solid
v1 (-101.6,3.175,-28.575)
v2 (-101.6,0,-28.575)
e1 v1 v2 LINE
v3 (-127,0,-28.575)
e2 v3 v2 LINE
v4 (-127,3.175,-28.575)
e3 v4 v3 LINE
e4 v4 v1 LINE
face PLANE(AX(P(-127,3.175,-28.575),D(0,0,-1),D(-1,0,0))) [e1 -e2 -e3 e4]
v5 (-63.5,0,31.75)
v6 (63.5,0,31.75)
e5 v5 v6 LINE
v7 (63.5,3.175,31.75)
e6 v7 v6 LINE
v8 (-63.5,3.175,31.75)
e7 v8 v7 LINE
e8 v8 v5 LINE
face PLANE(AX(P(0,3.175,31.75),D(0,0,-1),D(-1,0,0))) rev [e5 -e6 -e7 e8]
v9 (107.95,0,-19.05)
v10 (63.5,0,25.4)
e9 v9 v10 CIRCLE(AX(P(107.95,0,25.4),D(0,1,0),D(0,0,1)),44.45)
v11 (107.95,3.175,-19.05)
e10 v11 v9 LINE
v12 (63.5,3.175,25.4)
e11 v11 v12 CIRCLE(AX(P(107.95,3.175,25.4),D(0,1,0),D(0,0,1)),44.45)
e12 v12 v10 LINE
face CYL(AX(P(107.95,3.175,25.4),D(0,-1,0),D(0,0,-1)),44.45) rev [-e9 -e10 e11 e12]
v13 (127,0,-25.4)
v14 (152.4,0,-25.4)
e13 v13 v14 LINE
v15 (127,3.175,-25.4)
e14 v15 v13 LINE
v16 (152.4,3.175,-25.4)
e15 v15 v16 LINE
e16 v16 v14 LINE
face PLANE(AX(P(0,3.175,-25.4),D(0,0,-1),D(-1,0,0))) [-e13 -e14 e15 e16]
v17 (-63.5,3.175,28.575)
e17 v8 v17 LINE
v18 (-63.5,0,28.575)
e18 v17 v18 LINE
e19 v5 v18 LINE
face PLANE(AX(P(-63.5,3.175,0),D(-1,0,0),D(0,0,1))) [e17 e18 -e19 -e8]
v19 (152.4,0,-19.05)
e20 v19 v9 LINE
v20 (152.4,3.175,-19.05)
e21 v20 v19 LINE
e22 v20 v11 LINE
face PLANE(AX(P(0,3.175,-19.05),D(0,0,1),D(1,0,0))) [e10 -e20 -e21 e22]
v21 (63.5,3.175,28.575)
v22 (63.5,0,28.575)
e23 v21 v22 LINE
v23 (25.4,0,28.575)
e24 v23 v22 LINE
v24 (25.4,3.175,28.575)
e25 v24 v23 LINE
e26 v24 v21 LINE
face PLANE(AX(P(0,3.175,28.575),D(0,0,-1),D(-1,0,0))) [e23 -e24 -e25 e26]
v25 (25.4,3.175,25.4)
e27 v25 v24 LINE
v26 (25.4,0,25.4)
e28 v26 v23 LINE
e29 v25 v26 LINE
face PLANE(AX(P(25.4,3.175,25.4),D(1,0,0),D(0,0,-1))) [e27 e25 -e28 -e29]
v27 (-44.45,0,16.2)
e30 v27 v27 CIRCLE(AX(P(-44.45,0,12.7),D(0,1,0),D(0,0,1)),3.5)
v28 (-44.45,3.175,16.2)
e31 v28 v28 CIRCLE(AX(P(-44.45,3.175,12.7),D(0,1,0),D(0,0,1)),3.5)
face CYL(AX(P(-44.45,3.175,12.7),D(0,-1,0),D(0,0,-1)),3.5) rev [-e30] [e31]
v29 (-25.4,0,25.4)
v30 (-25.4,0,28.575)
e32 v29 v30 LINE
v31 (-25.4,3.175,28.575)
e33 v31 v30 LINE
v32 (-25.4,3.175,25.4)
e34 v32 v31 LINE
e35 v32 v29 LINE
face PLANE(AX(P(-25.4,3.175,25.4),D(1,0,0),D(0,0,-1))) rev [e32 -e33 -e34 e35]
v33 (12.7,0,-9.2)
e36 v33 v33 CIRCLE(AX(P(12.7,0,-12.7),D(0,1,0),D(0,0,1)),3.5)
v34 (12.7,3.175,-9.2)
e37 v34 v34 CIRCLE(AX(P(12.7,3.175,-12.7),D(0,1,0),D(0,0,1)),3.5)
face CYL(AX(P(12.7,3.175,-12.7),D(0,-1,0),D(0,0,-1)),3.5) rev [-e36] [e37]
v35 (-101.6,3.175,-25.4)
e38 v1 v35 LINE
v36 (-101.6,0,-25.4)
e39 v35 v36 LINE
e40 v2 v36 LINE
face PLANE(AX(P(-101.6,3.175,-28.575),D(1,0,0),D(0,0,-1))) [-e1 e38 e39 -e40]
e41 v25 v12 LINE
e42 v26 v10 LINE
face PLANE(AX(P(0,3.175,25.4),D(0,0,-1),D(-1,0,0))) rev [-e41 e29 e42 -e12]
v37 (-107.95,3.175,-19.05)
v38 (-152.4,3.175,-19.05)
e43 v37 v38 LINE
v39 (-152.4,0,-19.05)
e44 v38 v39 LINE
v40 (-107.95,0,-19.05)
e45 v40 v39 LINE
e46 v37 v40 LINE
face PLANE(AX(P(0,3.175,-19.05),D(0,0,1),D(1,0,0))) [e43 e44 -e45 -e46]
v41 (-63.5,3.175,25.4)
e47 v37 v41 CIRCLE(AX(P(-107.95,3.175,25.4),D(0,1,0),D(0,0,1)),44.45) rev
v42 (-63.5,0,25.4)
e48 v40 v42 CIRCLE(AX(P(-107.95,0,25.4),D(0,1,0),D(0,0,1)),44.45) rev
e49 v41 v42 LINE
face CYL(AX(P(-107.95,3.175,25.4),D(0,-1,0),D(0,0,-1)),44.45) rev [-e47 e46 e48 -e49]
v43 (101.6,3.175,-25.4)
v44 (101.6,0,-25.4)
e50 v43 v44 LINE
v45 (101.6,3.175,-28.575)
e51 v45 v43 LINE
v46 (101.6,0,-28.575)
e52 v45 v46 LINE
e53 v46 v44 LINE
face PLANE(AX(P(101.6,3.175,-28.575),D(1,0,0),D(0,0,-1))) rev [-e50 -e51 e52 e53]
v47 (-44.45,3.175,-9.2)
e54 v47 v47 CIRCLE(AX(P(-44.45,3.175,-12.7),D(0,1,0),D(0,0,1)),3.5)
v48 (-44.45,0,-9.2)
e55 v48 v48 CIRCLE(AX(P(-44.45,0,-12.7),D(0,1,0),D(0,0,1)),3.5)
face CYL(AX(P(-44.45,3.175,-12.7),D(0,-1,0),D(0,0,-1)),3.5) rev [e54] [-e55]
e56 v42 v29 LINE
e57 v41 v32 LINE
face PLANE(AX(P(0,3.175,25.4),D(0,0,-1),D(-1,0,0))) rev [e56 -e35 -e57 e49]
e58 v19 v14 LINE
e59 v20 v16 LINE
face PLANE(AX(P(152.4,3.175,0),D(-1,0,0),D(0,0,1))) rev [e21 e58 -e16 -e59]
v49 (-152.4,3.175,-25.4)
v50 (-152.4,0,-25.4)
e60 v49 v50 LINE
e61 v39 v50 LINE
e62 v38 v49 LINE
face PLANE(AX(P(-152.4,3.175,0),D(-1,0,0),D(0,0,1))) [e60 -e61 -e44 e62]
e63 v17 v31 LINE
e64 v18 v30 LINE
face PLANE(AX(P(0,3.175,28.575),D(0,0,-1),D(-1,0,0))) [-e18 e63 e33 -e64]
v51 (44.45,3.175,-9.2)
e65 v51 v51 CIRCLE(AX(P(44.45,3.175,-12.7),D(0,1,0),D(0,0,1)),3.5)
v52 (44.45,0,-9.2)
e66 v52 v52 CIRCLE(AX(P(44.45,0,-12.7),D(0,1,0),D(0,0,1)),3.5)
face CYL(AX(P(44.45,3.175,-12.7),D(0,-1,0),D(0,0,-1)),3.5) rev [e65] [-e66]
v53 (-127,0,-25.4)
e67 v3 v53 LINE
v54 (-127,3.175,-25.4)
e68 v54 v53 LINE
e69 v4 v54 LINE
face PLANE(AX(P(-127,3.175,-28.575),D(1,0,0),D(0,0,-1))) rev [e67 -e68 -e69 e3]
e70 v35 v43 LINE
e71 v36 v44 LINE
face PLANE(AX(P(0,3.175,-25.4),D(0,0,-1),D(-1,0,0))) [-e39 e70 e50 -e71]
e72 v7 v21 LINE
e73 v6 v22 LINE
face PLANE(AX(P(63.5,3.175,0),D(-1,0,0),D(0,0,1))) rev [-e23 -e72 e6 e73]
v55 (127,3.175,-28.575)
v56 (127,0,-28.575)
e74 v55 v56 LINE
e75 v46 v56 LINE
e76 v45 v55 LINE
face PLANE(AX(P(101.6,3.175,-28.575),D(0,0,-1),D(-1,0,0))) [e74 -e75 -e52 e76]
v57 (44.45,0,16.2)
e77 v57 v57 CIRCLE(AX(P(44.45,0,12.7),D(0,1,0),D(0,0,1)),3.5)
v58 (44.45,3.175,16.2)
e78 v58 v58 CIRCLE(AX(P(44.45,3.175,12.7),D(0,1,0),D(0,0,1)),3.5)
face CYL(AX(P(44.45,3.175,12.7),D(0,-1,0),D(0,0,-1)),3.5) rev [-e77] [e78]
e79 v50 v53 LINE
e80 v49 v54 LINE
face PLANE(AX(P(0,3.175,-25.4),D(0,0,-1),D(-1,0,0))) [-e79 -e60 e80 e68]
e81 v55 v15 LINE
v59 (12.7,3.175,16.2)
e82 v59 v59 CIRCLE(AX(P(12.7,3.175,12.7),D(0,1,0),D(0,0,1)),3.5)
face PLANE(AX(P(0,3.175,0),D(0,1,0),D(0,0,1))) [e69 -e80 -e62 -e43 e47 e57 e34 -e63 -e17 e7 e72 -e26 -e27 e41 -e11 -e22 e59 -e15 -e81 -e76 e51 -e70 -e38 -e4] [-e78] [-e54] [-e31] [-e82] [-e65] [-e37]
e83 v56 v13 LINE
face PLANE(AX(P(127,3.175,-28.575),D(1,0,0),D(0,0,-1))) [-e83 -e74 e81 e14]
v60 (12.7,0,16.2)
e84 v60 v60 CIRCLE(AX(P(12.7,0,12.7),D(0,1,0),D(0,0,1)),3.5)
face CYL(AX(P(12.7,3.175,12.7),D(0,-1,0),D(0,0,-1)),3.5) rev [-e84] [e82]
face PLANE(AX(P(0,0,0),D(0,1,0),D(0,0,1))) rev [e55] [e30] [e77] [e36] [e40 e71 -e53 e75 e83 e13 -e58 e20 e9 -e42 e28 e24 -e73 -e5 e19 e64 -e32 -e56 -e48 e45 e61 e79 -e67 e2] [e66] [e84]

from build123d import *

# Parameters (mm, degrees)
SKETCH1_R           = 3.5
BOSS_EXTRUDE1_DEPTH = 3.175


with BuildPart() as part:
    # Sketch1 → Boss-Extrude1 (new body)
    with BuildSketch(Plane(origin=(0, 0, 0), x_dir=(1, 0, 0), z_dir=(0, 1, 0))):
        with BuildLine():
            Line((-152.4, 19.05), (-107.95, 19.05))
            ThreePointArc((-107.95, 19.05), (-76.519103576, 6.030896424), (-63.5, -25.4))
            Line((-63.5, -25.4), (-25.4, -25.4))
            Line((-25.4, -25.4), (-25.4, -28.575))
            Line((-25.4, -28.575), (-63.5, -28.575))
            Line((-63.5, -28.575), (-63.5, -31.75))
            Line((-63.5, -31.75), (63.5, -31.75))
            Line((63.5, -31.75), (63.5, -28.575))
            Line((63.5, -28.575), (25.4, -28.575))
            Line((25.4, -28.575), (25.4, -25.4))
            Line((25.4, -25.4), (63.5, -25.4))
            ThreePointArc((63.5, -25.4), (76.519103576, 6.030896424), (107.95, 19.05))
            Line((107.95, 19.05), (152.4, 19.05))
            Line((152.4, 19.05), (152.4, 25.4))
            Line((152.4, 25.4), (127, 25.4))
            Line((127, 25.4), (127, 28.575))
            Line((127, 28.575), (101.6, 28.575))
            Line((101.6, 28.575), (101.6, 25.4))
            Line((101.6, 25.4), (-101.6, 25.4))
            Line((-101.6, 25.4), (-101.6, 28.575))
            Line((-101.6, 28.575), (-127, 28.575))
            Line((-127, 28.575), (-127, 25.4))
            Line((-127, 25.4), (-152.4, 25.4))
            Line((-152.4, 25.4), (-152.4, 19.05))
        make_face()
        with Locations((-44.45, -12.7)):
            Circle(SKETCH1_R, mode=Mode.SUBTRACT)
        with Locations((12.7, -12.7)):
            Circle(SKETCH1_R, mode=Mode.SUBTRACT)
        with Locations((44.45, -12.7)):
            Circle(SKETCH1_R, mode=Mode.SUBTRACT)
        with Locations((-44.45, 12.7)):
            Circle(SKETCH1_R, mode=Mode.SUBTRACT)
        with Locations((12.7, 12.7)):
            Circle(SKETCH1_R, mode=Mode.SUBTRACT)
        with Locations((44.45, 12.7)):
            Circle(SKETCH1_R, mode=Mode.SUBTRACT)
    extrude(amount=BOSS_EXTRUDE1_DEPTH)


solid = part.part
